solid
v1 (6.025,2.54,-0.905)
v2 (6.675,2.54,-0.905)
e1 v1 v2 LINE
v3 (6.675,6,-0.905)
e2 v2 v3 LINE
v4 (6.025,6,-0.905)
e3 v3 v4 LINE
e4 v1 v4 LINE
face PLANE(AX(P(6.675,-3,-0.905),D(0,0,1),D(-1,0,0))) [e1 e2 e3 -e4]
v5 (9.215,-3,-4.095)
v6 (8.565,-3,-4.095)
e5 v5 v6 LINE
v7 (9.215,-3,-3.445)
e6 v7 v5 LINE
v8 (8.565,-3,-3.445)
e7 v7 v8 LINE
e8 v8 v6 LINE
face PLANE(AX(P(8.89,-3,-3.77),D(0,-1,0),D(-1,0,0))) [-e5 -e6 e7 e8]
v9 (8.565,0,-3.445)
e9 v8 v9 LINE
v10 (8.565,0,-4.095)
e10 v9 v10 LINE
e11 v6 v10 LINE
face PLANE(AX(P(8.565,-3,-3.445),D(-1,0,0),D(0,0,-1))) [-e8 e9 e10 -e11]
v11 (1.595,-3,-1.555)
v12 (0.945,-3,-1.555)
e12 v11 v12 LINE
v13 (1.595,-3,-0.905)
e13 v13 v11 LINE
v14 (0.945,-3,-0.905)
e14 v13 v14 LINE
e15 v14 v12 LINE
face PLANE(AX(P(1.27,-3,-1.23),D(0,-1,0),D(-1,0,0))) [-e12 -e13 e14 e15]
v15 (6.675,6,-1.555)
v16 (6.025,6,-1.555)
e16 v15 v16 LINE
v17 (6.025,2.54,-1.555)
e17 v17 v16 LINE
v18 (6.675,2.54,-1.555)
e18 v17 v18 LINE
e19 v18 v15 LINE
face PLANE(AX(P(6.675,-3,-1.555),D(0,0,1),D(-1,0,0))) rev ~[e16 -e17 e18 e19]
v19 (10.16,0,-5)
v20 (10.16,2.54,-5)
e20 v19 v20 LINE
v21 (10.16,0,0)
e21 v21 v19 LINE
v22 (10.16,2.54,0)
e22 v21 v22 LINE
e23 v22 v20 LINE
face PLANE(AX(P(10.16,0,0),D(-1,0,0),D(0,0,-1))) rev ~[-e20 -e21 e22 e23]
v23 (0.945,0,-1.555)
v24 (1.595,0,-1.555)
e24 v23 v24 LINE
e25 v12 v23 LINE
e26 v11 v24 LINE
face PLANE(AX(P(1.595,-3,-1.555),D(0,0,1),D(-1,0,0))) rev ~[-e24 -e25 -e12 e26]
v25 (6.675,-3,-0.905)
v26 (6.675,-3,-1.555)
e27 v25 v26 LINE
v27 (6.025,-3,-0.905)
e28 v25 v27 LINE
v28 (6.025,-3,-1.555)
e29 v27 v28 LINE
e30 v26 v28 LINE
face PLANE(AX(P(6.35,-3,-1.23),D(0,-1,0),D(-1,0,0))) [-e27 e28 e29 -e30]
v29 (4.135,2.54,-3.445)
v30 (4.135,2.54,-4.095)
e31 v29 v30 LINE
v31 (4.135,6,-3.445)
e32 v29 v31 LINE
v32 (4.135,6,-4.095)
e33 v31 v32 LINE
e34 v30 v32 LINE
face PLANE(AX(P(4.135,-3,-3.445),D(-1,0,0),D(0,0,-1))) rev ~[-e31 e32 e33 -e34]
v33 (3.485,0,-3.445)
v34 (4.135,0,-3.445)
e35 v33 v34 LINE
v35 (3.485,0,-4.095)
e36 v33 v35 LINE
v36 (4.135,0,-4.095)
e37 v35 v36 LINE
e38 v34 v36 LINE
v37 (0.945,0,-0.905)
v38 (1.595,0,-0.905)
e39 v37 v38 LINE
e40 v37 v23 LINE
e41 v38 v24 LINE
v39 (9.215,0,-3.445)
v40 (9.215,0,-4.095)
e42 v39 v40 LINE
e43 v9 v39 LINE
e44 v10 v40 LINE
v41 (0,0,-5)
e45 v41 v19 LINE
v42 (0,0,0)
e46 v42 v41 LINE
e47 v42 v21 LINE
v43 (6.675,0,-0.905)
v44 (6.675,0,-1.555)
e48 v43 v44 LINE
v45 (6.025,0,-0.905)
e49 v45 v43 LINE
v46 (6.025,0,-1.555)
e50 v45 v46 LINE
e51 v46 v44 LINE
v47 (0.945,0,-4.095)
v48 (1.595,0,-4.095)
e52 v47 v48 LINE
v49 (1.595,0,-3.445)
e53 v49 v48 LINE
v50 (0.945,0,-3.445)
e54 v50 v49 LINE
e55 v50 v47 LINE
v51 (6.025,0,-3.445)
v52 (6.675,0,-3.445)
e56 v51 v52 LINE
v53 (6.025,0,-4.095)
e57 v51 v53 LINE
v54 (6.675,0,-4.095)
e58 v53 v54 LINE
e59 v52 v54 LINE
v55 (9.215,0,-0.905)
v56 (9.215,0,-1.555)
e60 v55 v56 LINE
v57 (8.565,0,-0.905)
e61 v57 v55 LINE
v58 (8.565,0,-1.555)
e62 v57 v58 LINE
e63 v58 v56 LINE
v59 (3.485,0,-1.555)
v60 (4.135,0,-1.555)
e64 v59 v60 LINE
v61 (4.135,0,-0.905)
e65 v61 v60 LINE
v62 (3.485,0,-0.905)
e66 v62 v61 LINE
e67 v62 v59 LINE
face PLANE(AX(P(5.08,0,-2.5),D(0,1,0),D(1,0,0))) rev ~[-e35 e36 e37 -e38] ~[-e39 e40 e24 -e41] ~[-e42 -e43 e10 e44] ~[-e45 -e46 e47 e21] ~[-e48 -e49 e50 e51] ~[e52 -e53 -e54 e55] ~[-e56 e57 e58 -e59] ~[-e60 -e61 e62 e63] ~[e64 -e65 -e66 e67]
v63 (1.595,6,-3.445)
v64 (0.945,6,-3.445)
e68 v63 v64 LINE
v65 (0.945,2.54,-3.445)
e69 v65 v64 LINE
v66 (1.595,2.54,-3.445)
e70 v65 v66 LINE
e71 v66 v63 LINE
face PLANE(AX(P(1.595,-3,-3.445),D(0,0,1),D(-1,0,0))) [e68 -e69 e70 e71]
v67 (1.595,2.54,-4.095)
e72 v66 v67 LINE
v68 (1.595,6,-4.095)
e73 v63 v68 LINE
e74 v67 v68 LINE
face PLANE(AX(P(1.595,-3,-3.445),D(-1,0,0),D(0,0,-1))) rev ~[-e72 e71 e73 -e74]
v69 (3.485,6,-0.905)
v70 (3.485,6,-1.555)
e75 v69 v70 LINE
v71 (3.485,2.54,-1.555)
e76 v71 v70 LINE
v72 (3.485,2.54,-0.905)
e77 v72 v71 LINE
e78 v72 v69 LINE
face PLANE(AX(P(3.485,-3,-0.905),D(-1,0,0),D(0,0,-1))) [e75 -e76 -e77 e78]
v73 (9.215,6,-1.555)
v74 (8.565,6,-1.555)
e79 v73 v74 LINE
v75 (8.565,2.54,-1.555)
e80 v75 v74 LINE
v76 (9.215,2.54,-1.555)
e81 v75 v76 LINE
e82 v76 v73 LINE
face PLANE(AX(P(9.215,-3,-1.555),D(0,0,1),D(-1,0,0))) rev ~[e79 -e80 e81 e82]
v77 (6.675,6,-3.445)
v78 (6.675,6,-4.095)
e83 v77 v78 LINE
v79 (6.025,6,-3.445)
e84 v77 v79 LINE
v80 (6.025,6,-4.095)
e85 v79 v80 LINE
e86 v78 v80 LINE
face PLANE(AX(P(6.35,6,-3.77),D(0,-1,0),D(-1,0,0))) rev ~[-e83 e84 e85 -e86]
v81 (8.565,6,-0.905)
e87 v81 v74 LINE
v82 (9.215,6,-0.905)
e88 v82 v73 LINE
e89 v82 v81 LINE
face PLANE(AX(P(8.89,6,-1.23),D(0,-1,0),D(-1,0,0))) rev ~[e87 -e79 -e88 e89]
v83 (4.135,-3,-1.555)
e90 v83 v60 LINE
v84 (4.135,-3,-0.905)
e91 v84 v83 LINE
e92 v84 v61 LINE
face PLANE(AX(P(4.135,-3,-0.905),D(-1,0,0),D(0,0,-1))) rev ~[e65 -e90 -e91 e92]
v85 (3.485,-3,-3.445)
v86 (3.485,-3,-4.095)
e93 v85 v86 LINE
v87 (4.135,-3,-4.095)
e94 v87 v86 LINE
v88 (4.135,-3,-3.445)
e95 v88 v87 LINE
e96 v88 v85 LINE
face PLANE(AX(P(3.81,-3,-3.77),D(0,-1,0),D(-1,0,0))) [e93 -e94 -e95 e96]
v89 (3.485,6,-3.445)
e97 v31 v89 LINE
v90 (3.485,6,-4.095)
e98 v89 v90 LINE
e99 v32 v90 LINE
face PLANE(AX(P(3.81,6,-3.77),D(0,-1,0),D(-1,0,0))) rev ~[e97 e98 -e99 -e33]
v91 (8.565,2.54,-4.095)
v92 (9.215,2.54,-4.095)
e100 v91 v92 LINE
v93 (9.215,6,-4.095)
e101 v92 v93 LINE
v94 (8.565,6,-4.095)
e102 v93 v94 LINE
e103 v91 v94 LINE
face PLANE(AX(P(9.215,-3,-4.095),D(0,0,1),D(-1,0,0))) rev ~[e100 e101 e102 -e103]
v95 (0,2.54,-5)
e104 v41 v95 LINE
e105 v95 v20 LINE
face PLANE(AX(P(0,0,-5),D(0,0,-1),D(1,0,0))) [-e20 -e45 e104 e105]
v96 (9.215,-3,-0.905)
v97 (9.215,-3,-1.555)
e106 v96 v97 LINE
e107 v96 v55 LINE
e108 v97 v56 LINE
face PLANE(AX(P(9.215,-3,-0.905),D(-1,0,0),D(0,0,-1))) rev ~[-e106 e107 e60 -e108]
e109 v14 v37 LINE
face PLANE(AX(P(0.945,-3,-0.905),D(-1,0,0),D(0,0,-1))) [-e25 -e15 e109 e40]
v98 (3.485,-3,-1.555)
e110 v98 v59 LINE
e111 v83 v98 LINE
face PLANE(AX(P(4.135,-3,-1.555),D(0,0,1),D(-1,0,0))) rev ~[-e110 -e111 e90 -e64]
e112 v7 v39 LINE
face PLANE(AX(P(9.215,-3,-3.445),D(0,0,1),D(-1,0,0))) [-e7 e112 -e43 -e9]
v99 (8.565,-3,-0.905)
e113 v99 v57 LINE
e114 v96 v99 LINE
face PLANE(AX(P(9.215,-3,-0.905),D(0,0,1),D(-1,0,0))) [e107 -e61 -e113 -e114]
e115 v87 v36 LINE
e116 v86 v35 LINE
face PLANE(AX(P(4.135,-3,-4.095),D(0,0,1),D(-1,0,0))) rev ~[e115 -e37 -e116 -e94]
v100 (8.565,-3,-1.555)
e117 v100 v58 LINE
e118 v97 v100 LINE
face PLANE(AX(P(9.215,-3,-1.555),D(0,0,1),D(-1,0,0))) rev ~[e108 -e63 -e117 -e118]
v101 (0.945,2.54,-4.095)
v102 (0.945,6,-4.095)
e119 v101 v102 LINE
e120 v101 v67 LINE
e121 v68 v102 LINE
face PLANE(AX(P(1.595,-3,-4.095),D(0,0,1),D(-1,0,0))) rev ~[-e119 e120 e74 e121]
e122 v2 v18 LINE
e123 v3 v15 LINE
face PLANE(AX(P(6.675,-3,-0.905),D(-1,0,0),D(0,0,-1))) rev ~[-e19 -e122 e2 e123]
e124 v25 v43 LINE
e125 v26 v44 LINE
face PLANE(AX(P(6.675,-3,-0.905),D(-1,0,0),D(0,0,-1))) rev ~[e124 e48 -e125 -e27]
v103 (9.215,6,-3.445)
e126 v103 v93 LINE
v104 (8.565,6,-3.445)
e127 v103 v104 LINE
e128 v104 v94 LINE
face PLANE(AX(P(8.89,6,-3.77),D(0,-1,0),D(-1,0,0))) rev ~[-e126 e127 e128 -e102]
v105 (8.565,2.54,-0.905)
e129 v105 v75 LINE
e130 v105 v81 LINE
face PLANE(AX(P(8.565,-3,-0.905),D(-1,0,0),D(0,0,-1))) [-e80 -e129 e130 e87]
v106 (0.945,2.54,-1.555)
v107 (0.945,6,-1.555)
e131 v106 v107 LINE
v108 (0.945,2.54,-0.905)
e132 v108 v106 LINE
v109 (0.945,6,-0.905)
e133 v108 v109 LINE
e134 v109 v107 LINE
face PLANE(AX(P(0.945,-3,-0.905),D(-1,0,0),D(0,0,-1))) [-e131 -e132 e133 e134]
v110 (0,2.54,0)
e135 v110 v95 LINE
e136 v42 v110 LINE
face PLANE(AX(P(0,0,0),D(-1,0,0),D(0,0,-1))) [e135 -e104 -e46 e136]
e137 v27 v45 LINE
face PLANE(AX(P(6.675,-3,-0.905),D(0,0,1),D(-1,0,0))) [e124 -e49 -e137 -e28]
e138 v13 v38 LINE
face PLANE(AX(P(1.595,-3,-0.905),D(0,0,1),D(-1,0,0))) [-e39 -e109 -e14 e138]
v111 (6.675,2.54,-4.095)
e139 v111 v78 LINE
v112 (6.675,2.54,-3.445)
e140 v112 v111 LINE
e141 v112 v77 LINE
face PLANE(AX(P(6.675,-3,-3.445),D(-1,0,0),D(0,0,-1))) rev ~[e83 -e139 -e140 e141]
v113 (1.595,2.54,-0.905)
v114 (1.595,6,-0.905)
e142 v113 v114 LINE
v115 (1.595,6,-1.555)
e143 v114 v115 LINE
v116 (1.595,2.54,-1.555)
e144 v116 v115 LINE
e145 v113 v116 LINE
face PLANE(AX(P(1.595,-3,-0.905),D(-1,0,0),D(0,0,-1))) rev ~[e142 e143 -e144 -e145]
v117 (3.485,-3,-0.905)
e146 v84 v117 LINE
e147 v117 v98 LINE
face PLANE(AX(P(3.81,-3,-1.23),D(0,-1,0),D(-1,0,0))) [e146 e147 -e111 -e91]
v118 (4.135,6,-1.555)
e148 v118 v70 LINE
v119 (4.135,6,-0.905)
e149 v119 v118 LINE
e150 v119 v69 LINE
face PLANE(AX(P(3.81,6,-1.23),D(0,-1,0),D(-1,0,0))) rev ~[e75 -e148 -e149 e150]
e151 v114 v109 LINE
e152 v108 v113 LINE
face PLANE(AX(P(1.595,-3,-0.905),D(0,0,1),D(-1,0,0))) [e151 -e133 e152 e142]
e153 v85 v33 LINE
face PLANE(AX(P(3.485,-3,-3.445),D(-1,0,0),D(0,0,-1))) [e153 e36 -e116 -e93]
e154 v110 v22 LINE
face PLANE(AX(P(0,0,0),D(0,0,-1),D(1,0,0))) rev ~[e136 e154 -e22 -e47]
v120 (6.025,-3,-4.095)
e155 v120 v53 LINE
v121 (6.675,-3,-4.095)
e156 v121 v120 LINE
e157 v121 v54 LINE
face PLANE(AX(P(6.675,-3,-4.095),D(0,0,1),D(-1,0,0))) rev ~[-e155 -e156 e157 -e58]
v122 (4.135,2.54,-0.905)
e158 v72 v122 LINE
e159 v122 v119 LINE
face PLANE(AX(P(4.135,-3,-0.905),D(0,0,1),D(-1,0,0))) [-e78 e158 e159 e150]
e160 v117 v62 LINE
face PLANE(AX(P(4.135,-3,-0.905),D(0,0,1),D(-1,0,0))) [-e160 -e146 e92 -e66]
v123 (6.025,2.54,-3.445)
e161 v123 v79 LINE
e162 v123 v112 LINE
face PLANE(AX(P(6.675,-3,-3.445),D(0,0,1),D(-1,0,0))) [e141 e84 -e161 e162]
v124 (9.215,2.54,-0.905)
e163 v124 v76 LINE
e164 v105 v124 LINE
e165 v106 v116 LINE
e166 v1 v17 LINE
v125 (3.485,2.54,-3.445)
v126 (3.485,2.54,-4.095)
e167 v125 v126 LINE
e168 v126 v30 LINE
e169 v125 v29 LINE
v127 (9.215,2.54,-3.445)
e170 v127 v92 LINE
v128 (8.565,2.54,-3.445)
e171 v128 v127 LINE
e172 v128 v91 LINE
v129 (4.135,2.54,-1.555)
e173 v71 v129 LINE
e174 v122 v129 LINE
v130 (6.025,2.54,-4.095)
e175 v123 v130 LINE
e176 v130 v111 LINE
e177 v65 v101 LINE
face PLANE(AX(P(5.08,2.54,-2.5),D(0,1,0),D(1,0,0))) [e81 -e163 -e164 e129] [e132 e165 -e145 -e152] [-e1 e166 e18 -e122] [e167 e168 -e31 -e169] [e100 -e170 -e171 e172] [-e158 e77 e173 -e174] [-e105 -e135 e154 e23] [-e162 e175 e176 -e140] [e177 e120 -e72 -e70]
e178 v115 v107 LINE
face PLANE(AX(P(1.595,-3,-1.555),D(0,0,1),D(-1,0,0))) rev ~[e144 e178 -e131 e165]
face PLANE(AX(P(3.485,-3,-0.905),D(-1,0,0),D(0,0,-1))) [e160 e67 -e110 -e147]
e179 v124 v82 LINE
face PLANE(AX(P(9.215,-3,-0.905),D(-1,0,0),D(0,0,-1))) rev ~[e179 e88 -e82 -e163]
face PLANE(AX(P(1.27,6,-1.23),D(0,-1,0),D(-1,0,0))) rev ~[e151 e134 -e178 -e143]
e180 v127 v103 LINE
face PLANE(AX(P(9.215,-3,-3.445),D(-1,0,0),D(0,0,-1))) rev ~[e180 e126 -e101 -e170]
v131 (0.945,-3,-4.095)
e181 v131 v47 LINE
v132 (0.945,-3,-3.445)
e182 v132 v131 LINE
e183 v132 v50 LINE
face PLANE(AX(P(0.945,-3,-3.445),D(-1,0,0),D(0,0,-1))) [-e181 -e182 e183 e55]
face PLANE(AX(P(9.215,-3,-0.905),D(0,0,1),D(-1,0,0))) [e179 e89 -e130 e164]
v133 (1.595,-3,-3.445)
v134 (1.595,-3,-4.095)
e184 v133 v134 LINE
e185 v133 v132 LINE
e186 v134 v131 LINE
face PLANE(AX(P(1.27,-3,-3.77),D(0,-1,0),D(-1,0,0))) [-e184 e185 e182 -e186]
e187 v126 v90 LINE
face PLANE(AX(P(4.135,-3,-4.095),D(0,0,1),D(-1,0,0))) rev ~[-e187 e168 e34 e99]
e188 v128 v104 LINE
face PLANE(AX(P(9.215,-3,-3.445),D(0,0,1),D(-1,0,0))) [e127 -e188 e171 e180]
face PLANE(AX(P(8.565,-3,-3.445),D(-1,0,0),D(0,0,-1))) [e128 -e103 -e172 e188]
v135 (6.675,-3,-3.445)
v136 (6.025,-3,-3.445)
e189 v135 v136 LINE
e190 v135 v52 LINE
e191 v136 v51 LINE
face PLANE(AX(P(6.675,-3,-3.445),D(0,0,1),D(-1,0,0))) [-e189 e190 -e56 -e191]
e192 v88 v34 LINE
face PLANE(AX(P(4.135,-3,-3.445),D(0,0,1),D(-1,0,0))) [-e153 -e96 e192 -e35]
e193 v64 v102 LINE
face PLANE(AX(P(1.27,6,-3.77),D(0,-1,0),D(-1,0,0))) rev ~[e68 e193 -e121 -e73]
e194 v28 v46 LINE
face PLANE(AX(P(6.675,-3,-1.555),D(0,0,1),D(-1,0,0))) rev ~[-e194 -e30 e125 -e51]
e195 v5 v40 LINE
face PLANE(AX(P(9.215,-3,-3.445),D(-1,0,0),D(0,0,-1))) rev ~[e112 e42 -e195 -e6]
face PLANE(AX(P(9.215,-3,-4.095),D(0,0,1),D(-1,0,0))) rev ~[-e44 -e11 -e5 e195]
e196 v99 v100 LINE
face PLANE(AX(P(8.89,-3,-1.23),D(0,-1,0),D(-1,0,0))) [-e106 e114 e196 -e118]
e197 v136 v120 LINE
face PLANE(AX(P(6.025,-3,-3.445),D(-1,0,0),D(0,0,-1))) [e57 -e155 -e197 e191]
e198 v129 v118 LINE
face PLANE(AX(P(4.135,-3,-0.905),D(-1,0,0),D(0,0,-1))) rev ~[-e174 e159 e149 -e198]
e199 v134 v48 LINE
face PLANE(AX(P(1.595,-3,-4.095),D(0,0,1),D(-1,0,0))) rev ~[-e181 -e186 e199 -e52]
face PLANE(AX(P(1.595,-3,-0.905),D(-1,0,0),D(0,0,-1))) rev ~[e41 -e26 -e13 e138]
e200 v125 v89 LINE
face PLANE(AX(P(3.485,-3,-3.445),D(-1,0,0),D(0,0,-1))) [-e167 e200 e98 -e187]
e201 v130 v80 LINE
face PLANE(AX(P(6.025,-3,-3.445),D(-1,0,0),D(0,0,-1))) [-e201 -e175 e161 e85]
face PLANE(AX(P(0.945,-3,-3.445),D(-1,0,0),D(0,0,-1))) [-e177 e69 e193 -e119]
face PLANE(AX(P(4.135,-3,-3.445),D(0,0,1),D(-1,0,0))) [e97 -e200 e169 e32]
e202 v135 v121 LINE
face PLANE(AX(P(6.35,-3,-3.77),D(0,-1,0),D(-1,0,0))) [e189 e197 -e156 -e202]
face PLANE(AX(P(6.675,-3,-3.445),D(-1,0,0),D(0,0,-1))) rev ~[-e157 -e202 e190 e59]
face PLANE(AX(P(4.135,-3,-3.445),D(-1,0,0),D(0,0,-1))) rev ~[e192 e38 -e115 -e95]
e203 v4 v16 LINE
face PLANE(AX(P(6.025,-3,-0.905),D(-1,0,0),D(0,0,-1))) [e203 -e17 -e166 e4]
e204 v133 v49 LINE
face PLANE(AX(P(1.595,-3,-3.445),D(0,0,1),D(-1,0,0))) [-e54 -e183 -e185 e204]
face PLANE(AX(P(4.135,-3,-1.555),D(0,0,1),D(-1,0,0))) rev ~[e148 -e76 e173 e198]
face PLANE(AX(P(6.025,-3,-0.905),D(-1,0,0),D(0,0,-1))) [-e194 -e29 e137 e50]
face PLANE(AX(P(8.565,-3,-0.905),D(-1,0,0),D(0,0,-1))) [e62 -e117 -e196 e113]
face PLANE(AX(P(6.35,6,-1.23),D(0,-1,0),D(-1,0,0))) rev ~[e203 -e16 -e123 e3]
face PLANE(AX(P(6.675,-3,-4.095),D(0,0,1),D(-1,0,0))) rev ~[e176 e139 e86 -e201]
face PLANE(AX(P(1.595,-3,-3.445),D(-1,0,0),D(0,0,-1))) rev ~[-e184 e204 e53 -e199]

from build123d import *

# Parameters (mm, degrees)
SKETCH1_W           = 10.16
SKETCH1_H           = 5
SKETCH1_W_2         = 0.65
SKETCH1_H_2         = 0.65
BOSS_EXTRUDE1_DEPTH = 2.54
SKETCH2_W           = 0.65
SKETCH2_H           = 0.65
BOSS_EXTRUDE2_DEPTH = 9


with BuildPart() as part:
    # Sketch1 → Boss-Extrude1 (new body)
    with BuildSketch(Plane(origin=(0, 0, 0), x_dir=(1, 0, 0), z_dir=(0, 1, 0))):
        with Locations((5.08, 2.5)):
            Rectangle(SKETCH1_W, SKETCH1_H)
        with Locations((1.27, 3.77)):
            Rectangle(SKETCH1_W_2, SKETCH1_H_2, mode=Mode.SUBTRACT)
        with Locations((1.27, 1.23)):
            Rectangle(SKETCH1_W_2, SKETCH1_H_2, mode=Mode.SUBTRACT)
        with Locations((3.81, 3.77)):
            Rectangle(SKETCH1_W_2, SKETCH1_H_2, mode=Mode.SUBTRACT)
        with Locations((6.35, 3.77)):
            Rectangle(SKETCH1_W_2, SKETCH1_H_2, mode=Mode.SUBTRACT)
        with Locations((8.89, 3.77)):
            Rectangle(SKETCH1_W_2, SKETCH1_H_2, mode=Mode.SUBTRACT)
        with Locations((3.81, 1.23)):
            Rectangle(SKETCH1_W_2, SKETCH1_H_2, mode=Mode.SUBTRACT)
        with Locations((6.35, 1.23)):
            Rectangle(SKETCH1_W_2, SKETCH1_H_2, mode=Mode.SUBTRACT)
        with Locations((8.89, 1.23)):
            Rectangle(SKETCH1_W_2, SKETCH1_H_2, mode=Mode.SUBTRACT)
    extrude(amount=BOSS_EXTRUDE1_DEPTH)

    # Sketch2 → Boss-Extrude2 (add)
    with BuildSketch(Plane(origin=(0, -3, 0), x_dir=(-1, 0, 0), z_dir=(0, -1, 0))):
        with Locations((-8.89, 3.77)):
            Rectangle(SKETCH2_W, SKETCH2_H)
        with Locations((-6.35, 1.23)):
            Rectangle(SKETCH2_W, SKETCH2_H)
        with Locations((-6.35, 3.77)):
            Rectangle(SKETCH2_W, SKETCH2_H)
        with Locations((-3.81, 1.23)):
            Rectangle(SKETCH2_W, SKETCH2_H)
        with Locations((-3.81, 3.77)):
            Rectangle(SKETCH2_W, SKETCH2_H)
        with Locations((-1.27, 1.23)):
            Rectangle(SKETCH2_W, SKETCH2_H)
        with Locations((-8.89, 1.23)):
            Rectangle(SKETCH2_W, SKETCH2_H)
        with Locations((-1.27, 3.77)):
            Rectangle(SKETCH2_W, SKETCH2_H)
    extrude(amount=-BOSS_EXTRUDE2_DEPTH)


solid = part.part
